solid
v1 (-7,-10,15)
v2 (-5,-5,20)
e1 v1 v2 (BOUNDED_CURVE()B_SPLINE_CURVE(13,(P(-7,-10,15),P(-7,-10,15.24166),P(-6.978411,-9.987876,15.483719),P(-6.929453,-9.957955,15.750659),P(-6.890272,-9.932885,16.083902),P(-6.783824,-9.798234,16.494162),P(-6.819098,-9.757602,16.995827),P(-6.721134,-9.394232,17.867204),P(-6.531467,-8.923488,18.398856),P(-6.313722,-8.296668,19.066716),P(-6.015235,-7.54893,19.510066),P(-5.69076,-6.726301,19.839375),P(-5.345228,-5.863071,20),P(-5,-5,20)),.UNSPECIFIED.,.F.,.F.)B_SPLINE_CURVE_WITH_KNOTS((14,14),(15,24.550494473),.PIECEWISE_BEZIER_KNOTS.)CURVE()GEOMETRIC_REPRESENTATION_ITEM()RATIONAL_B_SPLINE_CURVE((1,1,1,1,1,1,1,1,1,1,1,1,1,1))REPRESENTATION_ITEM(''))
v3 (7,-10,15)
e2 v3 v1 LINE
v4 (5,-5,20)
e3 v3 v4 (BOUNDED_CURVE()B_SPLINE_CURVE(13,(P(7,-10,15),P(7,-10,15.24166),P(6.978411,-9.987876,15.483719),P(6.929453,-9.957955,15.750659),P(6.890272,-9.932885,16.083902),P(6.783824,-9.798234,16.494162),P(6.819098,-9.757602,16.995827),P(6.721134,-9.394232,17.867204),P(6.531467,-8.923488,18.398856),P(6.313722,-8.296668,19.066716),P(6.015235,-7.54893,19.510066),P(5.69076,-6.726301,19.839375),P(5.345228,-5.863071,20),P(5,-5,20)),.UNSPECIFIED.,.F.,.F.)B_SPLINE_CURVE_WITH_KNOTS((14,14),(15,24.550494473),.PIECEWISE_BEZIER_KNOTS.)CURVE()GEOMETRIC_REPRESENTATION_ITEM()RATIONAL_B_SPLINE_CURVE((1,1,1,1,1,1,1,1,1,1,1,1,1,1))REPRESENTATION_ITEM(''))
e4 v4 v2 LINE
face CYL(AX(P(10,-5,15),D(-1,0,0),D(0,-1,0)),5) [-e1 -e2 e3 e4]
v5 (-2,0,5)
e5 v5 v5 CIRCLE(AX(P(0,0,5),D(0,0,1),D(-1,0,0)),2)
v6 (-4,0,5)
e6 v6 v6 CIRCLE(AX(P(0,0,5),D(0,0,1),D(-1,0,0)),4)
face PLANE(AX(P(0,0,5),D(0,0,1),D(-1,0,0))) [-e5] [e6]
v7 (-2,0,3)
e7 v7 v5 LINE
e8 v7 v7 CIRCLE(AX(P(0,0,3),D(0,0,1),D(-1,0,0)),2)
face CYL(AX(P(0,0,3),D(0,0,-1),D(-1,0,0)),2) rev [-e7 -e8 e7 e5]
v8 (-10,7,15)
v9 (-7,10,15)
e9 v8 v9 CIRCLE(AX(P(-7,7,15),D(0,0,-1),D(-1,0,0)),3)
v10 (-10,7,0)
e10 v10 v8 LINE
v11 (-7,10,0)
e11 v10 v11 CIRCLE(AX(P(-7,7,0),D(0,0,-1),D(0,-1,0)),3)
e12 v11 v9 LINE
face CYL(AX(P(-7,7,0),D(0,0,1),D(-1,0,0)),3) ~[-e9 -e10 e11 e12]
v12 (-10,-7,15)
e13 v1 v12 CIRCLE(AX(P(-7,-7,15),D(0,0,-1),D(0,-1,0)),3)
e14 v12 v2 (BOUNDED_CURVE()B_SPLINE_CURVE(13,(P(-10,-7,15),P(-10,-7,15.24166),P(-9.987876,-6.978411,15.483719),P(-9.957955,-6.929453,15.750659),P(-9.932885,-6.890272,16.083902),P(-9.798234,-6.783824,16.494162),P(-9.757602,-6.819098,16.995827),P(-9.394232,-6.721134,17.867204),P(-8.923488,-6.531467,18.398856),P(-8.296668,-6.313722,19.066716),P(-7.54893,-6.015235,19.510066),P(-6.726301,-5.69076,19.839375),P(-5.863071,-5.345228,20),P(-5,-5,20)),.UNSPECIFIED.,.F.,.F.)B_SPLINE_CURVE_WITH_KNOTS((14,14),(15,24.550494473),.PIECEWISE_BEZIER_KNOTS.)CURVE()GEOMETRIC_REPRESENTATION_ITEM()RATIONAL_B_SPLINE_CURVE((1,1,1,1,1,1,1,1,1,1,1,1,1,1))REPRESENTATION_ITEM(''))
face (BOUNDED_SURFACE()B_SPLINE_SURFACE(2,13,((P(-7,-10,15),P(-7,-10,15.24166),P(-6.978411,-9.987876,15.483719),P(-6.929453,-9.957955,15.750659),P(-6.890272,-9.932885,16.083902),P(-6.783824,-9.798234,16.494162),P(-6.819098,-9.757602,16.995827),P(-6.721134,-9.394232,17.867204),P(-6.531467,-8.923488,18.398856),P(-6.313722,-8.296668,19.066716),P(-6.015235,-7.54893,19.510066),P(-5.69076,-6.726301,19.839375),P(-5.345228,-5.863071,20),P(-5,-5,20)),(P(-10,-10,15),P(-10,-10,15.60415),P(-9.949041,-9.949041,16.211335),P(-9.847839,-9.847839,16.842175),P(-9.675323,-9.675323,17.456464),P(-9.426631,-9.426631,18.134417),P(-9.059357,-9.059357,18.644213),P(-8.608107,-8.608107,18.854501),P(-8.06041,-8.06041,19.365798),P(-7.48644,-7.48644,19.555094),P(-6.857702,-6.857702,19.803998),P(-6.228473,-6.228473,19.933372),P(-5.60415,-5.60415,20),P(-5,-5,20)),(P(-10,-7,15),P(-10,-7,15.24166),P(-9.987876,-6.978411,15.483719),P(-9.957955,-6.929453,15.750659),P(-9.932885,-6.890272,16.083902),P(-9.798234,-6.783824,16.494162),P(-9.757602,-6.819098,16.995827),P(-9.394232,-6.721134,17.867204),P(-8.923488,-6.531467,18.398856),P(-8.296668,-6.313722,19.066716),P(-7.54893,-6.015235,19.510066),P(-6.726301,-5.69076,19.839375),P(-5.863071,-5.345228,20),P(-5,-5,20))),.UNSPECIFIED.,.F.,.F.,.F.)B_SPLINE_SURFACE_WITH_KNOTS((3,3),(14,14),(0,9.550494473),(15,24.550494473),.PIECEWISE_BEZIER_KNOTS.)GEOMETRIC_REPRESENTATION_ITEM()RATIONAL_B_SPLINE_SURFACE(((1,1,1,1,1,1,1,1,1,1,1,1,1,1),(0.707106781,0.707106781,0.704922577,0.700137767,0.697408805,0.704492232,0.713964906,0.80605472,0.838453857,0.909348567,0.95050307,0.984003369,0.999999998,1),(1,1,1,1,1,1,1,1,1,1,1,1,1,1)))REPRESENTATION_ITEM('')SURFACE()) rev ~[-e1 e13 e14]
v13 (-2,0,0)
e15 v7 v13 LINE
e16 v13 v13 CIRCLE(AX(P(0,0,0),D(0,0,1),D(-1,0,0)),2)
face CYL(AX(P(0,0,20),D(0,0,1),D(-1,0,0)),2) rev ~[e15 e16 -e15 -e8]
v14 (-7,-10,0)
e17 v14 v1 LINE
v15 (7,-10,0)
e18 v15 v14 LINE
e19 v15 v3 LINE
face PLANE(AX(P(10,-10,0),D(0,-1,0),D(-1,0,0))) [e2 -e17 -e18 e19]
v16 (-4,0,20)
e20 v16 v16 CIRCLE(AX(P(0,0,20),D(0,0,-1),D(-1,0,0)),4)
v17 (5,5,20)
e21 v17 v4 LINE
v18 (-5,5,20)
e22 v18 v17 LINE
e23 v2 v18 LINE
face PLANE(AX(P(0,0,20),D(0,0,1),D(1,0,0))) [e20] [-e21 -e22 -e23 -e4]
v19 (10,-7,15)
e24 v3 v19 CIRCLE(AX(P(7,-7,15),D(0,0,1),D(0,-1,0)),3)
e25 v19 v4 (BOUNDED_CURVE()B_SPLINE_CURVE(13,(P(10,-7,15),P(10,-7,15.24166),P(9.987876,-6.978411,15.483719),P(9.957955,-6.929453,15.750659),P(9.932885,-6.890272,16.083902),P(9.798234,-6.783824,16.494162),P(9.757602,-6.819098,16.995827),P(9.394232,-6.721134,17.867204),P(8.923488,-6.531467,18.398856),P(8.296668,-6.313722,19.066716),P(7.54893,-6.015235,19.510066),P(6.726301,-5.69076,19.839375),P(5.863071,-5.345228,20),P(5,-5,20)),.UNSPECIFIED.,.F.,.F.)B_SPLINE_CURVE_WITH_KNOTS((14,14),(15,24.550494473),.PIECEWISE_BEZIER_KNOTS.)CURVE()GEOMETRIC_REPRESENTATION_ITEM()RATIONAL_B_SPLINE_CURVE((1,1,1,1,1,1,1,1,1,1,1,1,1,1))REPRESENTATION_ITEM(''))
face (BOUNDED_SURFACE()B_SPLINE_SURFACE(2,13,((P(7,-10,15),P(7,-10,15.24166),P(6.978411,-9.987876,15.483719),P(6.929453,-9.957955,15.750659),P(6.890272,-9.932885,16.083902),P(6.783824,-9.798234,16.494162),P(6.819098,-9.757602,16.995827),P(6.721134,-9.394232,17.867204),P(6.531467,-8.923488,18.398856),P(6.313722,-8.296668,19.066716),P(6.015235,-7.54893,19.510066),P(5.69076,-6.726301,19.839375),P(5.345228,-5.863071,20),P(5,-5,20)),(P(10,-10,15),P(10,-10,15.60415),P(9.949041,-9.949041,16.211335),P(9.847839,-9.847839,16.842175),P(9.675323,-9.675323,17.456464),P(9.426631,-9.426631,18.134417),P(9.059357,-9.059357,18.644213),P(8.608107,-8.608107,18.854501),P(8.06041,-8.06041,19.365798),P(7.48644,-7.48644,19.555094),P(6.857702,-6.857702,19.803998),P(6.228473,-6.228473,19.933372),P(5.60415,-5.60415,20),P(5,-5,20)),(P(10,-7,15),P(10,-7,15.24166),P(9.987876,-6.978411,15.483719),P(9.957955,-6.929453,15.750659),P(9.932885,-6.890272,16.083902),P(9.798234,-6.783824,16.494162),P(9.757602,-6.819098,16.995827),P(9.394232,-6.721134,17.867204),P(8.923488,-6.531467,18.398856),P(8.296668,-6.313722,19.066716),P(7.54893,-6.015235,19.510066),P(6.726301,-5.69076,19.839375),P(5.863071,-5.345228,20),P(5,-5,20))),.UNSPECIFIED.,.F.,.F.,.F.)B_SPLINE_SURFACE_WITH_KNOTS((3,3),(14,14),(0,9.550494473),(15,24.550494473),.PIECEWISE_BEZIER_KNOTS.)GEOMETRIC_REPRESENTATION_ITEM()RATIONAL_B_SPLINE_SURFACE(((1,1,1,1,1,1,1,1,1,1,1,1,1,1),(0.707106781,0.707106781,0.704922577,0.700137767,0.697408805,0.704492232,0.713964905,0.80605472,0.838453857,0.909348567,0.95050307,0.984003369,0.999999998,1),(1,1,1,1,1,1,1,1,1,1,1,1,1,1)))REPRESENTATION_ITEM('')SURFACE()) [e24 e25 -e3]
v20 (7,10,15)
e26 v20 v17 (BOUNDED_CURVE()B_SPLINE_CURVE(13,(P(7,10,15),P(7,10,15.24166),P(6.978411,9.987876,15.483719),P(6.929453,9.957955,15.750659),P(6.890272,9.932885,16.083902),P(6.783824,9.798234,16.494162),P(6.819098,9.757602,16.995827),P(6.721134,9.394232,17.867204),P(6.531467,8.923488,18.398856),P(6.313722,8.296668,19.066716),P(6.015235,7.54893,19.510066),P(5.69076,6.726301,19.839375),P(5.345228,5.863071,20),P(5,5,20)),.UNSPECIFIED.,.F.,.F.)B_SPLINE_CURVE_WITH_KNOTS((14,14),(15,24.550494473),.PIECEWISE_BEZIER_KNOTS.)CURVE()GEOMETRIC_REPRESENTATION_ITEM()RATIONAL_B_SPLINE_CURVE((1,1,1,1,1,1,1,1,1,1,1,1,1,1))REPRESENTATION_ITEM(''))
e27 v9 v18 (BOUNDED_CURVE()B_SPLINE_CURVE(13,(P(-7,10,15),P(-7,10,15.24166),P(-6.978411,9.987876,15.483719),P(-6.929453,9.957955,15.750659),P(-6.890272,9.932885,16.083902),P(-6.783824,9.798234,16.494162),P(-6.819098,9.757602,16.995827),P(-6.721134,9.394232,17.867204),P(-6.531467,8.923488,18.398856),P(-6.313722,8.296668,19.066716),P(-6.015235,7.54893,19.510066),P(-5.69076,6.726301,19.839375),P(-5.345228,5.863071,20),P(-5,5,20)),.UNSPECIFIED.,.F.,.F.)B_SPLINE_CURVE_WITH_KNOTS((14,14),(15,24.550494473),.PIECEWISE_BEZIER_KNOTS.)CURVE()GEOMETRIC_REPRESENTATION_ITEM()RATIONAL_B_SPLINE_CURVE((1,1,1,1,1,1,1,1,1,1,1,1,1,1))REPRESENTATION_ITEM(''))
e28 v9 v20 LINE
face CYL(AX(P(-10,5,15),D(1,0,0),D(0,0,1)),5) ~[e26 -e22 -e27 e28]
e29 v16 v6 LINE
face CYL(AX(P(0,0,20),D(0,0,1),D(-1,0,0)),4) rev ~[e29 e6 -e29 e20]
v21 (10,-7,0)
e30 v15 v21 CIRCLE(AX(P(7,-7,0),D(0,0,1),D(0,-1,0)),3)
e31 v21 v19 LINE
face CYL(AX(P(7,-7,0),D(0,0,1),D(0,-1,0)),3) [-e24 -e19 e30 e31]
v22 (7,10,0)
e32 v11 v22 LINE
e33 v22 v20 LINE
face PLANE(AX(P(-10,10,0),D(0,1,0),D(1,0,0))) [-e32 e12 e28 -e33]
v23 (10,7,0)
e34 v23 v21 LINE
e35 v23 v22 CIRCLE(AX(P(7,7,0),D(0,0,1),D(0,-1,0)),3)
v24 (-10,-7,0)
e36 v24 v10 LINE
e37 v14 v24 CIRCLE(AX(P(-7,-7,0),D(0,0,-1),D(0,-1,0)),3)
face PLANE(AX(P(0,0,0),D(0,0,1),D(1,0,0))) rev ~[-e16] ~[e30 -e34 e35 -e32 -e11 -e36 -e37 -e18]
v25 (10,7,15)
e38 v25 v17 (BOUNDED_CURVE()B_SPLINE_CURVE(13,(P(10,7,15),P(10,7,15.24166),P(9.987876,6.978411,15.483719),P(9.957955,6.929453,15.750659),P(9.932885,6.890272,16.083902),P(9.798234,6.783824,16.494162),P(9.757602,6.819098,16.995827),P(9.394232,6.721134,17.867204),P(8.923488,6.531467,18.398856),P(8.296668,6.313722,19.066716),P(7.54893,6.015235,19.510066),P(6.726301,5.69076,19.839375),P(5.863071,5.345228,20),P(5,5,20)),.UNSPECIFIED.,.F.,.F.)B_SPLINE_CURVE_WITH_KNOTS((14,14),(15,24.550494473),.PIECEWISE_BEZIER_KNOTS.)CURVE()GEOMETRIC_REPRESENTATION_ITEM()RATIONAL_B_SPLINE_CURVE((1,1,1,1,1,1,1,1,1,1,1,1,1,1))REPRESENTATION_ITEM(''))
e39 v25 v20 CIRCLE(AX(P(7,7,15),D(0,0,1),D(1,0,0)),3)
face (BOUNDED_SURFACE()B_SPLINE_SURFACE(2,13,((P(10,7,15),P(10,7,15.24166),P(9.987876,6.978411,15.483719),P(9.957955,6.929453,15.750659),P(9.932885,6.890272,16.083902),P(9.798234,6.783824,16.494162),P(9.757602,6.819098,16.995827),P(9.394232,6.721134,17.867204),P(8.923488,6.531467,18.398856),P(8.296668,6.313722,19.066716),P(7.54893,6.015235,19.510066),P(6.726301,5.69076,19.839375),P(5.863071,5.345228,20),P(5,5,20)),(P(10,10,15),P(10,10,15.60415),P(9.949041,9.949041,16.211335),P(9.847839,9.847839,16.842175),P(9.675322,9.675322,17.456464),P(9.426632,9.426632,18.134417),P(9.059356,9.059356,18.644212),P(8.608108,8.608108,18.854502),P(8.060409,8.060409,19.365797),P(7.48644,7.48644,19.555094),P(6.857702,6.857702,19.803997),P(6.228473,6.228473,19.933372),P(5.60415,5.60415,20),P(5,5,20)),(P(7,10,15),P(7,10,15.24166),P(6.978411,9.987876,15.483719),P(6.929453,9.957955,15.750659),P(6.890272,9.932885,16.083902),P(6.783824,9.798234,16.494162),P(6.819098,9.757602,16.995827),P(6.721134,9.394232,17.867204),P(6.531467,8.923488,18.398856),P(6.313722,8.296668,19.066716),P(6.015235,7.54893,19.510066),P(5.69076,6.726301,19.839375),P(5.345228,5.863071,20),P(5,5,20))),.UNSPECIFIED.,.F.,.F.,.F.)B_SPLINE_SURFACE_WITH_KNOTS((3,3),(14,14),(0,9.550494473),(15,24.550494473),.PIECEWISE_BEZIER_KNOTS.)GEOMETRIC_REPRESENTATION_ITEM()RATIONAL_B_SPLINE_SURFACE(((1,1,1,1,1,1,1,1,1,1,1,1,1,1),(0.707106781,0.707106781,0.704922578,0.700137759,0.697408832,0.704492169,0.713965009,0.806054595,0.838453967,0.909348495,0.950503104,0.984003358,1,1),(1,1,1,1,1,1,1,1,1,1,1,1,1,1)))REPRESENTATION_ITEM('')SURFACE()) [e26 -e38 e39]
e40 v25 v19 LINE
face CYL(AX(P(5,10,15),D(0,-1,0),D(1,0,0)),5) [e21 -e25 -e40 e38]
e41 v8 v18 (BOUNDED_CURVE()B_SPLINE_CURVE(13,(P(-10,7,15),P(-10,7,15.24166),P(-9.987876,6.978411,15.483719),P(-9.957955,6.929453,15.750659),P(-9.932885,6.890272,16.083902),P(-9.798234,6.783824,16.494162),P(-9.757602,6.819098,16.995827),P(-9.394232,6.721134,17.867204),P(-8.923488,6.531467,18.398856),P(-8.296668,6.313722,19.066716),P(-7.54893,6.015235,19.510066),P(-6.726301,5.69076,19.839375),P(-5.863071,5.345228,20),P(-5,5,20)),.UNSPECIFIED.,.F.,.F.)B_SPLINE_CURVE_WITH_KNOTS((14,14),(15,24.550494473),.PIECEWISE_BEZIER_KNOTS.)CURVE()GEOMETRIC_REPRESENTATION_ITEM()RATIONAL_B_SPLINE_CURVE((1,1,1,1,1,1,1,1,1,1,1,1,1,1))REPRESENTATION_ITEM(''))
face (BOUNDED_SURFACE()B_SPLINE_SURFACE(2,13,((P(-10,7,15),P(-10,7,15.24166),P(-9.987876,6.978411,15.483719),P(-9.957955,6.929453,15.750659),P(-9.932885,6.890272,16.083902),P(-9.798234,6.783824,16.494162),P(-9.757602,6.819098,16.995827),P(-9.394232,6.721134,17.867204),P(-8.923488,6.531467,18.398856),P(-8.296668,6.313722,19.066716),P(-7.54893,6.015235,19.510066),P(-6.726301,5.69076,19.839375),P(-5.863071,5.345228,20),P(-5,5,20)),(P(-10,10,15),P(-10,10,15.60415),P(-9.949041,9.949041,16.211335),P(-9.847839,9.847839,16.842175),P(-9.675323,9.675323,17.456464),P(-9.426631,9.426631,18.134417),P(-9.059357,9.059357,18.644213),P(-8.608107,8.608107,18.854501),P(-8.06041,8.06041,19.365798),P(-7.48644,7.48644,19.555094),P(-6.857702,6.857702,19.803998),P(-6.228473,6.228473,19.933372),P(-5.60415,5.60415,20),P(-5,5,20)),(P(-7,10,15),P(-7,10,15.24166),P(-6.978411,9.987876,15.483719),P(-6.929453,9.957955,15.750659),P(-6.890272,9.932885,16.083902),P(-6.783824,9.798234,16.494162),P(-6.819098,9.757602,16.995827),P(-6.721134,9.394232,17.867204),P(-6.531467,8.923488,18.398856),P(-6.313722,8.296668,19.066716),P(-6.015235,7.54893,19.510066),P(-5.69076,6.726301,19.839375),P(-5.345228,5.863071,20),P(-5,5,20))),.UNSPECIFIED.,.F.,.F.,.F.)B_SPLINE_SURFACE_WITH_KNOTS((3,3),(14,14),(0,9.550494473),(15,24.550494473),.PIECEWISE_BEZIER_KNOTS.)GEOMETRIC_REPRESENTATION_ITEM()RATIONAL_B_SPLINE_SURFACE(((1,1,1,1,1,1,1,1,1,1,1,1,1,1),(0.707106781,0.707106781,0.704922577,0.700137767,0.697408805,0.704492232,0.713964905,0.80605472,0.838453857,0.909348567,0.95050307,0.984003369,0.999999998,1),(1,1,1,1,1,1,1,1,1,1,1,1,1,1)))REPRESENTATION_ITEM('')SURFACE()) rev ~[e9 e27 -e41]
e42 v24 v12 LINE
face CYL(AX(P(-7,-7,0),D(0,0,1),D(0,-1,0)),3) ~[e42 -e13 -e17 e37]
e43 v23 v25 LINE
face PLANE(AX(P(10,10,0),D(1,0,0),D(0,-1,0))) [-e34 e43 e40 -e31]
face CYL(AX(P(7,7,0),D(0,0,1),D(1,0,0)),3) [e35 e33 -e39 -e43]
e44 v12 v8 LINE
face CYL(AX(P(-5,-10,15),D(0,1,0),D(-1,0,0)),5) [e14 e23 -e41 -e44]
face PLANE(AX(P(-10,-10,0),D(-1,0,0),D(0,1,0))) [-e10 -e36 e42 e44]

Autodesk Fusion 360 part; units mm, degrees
sketch "Sketch1" plane through (0, 0, 0) normal (0, 0, 1) x (1, 0, 0)
  line L0 (10, -10) -> (-10, -10)
  line L1 (-10, -10) -> (-10, 10)
  line L2 (-10, 10) -> (10, 10)
  line L3 (10, 10) -> (10, -10)
  line L4 (10, -10) -> (-10, 10) construction
  line L5 (-10, -10) -> (10, 10) construction
  dimension "d1" = 20
  dimension "d2" = 20
extrude "Extrude1" add sketch "Sketch1" along normal blind 20
sketch "Sketch2" plane through (0, 0, 20) normal (0, 0, 1) x (-1, 0, 0)
  line L0 (-10, -10) -> (10, -10)
  line L1 (10, -10) -> (10, 10)
  line L2 (10, 10) -> (-10, 10)
  line L3 (-10, 10) -> (-10, -10)
  circle A0 centre (0, 0) radius 2
  circle A1 centre (0, 0) radius 4
  dimension "d5" = 4
  dimension "d6" = 8
extrude "Extrude2" cut sketch "Sketch2" against normal blind 40 contours A0
extrude "Extrude3" cut sketch "Sketch2" against normal blind 17 contours A1
sketch "Sketch3" plane through (10, 0, 0) normal (1, 0, 0) x (0, 1, 0)
  line L0 (-10, 0) -> (10, 0)
  line L1 (10, 0) -> (10, 20)
  line L2 (10, 20) -> (-10, 20)
  line L3 (-10, 20) -> (-10, 0)
  circle A0 centre (0, 18) radius 3.5
  line L4 (0, 0) -> (0, 24.4173) construction
  dimension "d11" = 7
  dimension "d20" = 2
extrude "Extrude4" cut sketch "Sketch3" against normal blind 22 contours L2 A0 picked at (-0.83, 20.3844)
fillet "Fillet1" radius 5 6 edges at (10, -6.4361, 20) (0, -10, 20) (-10, -6.4361, 20) (-10, 6.4361, 20) (0, 10, 20) (10, 6.4361, 20)
fillet "Fillet2" radius 3 8 edges at (10, 10, 7.5) (8.5355, 8.5355, 18.5355) (10, -10, 7.5) (8.5355, -8.5355, 18.5355) (-10, 10, 7.5) (-8.5355, 8.5355, 18.5355) (-10, -10, 7.5) (-8.5355, -8.5355, 18.5355)
extrude "Extrude5" add 1 faces at (-3.311, 0.2981, 3) along direction (0, 0, 1) blind 2
